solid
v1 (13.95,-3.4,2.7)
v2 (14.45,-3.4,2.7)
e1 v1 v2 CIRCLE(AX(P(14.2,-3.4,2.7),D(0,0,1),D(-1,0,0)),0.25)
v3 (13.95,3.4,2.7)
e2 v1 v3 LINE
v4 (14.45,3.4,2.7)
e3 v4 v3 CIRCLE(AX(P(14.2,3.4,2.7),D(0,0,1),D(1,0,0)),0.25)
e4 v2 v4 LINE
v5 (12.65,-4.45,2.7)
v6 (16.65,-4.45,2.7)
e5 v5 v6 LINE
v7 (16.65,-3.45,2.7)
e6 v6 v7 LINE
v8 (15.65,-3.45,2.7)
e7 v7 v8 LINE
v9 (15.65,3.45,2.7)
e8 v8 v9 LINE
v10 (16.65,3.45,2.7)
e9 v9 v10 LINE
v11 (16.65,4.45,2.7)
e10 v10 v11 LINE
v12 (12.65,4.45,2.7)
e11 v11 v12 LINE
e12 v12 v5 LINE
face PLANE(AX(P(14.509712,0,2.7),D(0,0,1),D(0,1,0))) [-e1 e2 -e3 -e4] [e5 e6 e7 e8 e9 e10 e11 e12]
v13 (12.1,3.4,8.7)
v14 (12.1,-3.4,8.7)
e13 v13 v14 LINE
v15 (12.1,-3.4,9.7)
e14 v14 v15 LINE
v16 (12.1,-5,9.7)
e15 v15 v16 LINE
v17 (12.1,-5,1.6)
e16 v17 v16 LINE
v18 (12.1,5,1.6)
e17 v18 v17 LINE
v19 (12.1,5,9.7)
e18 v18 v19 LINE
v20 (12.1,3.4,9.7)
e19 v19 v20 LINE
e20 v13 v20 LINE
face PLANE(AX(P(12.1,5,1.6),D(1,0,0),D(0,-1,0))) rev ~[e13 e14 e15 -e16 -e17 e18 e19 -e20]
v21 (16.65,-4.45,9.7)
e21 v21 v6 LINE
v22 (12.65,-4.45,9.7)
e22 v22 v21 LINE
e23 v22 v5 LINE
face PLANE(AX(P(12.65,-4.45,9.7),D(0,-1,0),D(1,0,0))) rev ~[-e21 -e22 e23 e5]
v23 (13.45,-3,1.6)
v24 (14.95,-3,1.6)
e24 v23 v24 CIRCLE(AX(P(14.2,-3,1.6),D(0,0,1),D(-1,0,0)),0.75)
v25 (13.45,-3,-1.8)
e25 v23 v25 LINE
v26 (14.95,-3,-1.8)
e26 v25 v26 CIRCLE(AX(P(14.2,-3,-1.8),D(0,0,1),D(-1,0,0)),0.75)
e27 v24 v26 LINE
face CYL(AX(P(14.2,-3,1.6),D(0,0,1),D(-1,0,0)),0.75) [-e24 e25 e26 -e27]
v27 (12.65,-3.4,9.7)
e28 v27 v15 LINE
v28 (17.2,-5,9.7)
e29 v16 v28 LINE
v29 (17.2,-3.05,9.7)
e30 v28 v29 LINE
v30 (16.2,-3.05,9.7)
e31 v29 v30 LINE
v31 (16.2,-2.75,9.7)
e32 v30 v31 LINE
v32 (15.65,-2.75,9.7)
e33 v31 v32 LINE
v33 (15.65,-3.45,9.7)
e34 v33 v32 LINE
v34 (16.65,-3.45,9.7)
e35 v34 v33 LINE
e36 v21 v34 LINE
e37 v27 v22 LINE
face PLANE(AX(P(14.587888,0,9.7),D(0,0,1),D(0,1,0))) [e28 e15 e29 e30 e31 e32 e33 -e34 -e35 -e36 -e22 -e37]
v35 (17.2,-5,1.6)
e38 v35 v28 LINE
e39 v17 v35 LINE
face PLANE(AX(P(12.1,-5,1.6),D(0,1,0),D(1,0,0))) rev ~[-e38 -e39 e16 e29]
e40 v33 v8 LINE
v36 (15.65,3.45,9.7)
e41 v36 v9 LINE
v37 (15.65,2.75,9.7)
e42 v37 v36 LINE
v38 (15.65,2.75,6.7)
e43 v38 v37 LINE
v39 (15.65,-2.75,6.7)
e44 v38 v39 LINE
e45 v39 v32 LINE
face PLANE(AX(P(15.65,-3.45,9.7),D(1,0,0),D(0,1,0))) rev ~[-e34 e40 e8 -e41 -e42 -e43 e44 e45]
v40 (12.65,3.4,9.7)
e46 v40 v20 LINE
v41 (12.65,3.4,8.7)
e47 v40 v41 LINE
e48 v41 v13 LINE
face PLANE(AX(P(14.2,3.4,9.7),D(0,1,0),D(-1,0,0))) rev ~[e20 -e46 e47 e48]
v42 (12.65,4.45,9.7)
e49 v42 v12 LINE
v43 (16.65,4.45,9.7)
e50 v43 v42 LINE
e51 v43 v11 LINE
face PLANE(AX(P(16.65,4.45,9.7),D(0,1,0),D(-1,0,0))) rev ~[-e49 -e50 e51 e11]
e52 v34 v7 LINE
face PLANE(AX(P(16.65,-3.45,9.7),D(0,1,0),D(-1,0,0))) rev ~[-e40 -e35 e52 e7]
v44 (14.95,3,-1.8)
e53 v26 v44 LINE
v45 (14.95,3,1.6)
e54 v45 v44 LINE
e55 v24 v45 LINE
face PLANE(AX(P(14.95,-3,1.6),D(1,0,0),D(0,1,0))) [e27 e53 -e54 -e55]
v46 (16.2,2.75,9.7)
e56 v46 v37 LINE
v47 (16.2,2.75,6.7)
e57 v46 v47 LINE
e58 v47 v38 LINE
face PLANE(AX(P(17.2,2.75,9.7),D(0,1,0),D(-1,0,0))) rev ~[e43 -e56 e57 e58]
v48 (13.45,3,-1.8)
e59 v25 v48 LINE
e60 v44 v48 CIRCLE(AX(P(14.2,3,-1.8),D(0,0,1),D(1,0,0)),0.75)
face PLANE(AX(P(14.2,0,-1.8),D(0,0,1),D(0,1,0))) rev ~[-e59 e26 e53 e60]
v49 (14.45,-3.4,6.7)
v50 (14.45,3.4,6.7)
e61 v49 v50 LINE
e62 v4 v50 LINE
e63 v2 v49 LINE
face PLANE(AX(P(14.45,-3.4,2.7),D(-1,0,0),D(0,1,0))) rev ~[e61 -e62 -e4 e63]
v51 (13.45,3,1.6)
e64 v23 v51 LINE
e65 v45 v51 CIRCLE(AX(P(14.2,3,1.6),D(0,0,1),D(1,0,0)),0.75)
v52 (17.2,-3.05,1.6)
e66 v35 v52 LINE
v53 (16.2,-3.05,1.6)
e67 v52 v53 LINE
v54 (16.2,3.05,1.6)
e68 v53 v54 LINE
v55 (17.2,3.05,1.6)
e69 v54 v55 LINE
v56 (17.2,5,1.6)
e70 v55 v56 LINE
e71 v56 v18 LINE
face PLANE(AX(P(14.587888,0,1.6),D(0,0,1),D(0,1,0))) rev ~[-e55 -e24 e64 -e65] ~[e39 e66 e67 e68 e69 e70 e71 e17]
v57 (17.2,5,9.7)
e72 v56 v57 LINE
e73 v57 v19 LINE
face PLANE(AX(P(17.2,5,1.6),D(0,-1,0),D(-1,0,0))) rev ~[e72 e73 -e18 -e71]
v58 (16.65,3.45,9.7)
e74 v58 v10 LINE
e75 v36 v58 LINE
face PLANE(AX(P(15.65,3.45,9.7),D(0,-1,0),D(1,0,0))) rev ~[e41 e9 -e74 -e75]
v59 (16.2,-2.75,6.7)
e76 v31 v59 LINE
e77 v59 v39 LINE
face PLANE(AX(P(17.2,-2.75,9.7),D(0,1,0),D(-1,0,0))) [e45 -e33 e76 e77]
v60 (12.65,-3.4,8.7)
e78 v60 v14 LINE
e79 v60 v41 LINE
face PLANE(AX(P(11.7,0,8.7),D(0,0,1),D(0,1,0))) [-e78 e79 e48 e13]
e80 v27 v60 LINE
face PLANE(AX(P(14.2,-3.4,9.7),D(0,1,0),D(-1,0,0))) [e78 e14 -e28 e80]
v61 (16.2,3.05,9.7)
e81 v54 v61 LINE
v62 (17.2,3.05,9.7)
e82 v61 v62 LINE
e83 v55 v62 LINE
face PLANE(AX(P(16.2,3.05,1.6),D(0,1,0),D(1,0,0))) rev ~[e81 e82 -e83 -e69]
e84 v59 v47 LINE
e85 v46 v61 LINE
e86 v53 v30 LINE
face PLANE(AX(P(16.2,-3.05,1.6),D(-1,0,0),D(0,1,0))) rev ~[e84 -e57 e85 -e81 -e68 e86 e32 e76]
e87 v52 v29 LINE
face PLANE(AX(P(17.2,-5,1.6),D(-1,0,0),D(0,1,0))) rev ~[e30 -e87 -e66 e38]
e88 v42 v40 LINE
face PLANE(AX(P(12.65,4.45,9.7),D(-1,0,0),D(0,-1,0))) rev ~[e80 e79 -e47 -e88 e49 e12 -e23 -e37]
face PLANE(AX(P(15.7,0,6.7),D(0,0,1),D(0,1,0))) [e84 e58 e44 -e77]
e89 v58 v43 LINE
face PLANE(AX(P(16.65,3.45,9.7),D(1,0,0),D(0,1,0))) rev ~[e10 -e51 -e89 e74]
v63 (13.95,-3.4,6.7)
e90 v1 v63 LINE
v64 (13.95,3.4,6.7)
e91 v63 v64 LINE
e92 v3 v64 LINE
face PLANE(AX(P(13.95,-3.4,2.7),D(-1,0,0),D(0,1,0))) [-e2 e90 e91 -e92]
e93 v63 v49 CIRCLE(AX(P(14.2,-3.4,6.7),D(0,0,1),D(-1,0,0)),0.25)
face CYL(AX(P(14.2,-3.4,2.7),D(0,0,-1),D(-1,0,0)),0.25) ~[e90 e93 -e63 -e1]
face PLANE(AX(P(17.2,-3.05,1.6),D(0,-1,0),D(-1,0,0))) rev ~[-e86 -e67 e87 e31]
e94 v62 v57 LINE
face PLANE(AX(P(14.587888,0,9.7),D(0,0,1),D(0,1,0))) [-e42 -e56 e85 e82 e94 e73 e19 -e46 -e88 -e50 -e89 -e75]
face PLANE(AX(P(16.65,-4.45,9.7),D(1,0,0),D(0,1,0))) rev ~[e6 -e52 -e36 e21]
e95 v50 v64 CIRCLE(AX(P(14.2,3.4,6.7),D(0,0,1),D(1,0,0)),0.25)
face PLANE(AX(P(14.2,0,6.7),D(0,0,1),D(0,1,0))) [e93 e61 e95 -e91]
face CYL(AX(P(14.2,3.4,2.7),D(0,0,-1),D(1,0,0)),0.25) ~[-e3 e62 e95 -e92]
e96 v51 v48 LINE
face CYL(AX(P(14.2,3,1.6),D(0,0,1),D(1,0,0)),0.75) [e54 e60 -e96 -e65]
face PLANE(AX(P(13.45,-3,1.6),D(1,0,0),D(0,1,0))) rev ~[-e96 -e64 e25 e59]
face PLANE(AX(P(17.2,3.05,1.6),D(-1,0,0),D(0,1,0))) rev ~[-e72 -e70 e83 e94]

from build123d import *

# Parameters (mm, degrees)
PAD010_DEPTH            = 8.1
POCKET007_DEPTH         = 7
SKETCH024_W             = 6.8
SKETCH024_H             = 5
POCKET009_DEPTH         = 1
SKETCH018_W             = 5.5
SKETCH018_H             = 3
POCKET010_DEPTH         = 3
PAD013_DEPTH            = 4
PAD011_DEPTH            = 3.4
BODY014_PLACEMENT_ANGLE = 90


with BuildPart() as part:
    # Sketch022 → Pad010 (new body)
    with BuildSketch(Plane.XY):
        Polygon((-5, 0), (-3.05, 0), (-3.05, 1), (3.05, 1), (3.05, 0), (5, 0), (5, 5.1), (-5, 5.1), align=None)
    extrude(amount=PAD010_DEPTH)

    # Sketch021 (on Face10 of Pad010) → Pocket007 (cut)
    with BuildSketch(Plane.XY.offset(8.1)):
        Polygon((-4.45, 0.55), (-3.45, 0.55), (-3.45, 1.55), (3.45, 1.55), (3.45, 0.55), (4.45, 0.55), (4.45, 4.55), (-4.45, 4.55), align=None)
    extrude(amount=-POCKET007_DEPTH, mode=Mode.SUBTRACT)

    # Sketch024 (on Face5 of Pocket007) → Pocket009 (cut)
    with BuildSketch(Plane.XY.offset(8.1)):
        with Locations((0, 5.5)):
            Rectangle(SKETCH024_W, SKETCH024_H)
    extrude(amount=-POCKET009_DEPTH, mode=Mode.SUBTRACT)

    # Sketch018 (on Face5 of Pocket009) → Pocket010 (cut)
    with BuildSketch(Plane.XY.offset(8.1)):
        with Locations((0, 1.5)):
            Rectangle(SKETCH018_W, SKETCH018_H)
    extrude(amount=-POCKET010_DEPTH, mode=Mode.SUBTRACT)

    # Sketch023 (on Face26 of Pocket010) → Pad013 (join)
    with BuildSketch(Plane.XY.offset(1.1)):
        with BuildLine():
            ThreePointArc((-3.4, 3.25), (-3.65, 3), (-3.4, 2.75))
            Line((-3.4, 2.75), (3.4, 2.75))
            ThreePointArc((3.4, 2.75), (3.65, 3), (3.4, 3.25))
            Line((-3.4, 3.25), (3.4, 3.25))
        make_face()
    extrude(amount=PAD013_DEPTH)

    # Sketch019 → Pad011 (join)
    with BuildSketch(Plane.XY):
        with BuildLine():
            ThreePointArc((-3, 3.75), (-3.75, 3), (-3, 2.25))
            Line((-3, 2.25), (3, 2.25))
            ThreePointArc((3, 2.25), (3.75, 3), (3, 3.75))
            Line((-3, 3.75), (3, 3.75))
        make_face()
    extrude(amount=-PAD011_DEPTH)


with BuildPart() as part_1:
    # Body014 placement: moved
    add(part.part.moved(Location((-13.8, 0, 1.6))).rotate(Axis((-13.8, 0, 1.6), (0, 0, 1)), BODY014_PLACEMENT_ANGLE))


with BuildPart() as part_2:
    # Clone008 placement: moved
    add(part_1.part.moved(Location((-0.2, 0, 0))))


with BuildPart() as part_3:
    # Body018 placement: moved
    add(part_2.part.moved(Location((31.2, 0, 0))))


solid = part_3.part
